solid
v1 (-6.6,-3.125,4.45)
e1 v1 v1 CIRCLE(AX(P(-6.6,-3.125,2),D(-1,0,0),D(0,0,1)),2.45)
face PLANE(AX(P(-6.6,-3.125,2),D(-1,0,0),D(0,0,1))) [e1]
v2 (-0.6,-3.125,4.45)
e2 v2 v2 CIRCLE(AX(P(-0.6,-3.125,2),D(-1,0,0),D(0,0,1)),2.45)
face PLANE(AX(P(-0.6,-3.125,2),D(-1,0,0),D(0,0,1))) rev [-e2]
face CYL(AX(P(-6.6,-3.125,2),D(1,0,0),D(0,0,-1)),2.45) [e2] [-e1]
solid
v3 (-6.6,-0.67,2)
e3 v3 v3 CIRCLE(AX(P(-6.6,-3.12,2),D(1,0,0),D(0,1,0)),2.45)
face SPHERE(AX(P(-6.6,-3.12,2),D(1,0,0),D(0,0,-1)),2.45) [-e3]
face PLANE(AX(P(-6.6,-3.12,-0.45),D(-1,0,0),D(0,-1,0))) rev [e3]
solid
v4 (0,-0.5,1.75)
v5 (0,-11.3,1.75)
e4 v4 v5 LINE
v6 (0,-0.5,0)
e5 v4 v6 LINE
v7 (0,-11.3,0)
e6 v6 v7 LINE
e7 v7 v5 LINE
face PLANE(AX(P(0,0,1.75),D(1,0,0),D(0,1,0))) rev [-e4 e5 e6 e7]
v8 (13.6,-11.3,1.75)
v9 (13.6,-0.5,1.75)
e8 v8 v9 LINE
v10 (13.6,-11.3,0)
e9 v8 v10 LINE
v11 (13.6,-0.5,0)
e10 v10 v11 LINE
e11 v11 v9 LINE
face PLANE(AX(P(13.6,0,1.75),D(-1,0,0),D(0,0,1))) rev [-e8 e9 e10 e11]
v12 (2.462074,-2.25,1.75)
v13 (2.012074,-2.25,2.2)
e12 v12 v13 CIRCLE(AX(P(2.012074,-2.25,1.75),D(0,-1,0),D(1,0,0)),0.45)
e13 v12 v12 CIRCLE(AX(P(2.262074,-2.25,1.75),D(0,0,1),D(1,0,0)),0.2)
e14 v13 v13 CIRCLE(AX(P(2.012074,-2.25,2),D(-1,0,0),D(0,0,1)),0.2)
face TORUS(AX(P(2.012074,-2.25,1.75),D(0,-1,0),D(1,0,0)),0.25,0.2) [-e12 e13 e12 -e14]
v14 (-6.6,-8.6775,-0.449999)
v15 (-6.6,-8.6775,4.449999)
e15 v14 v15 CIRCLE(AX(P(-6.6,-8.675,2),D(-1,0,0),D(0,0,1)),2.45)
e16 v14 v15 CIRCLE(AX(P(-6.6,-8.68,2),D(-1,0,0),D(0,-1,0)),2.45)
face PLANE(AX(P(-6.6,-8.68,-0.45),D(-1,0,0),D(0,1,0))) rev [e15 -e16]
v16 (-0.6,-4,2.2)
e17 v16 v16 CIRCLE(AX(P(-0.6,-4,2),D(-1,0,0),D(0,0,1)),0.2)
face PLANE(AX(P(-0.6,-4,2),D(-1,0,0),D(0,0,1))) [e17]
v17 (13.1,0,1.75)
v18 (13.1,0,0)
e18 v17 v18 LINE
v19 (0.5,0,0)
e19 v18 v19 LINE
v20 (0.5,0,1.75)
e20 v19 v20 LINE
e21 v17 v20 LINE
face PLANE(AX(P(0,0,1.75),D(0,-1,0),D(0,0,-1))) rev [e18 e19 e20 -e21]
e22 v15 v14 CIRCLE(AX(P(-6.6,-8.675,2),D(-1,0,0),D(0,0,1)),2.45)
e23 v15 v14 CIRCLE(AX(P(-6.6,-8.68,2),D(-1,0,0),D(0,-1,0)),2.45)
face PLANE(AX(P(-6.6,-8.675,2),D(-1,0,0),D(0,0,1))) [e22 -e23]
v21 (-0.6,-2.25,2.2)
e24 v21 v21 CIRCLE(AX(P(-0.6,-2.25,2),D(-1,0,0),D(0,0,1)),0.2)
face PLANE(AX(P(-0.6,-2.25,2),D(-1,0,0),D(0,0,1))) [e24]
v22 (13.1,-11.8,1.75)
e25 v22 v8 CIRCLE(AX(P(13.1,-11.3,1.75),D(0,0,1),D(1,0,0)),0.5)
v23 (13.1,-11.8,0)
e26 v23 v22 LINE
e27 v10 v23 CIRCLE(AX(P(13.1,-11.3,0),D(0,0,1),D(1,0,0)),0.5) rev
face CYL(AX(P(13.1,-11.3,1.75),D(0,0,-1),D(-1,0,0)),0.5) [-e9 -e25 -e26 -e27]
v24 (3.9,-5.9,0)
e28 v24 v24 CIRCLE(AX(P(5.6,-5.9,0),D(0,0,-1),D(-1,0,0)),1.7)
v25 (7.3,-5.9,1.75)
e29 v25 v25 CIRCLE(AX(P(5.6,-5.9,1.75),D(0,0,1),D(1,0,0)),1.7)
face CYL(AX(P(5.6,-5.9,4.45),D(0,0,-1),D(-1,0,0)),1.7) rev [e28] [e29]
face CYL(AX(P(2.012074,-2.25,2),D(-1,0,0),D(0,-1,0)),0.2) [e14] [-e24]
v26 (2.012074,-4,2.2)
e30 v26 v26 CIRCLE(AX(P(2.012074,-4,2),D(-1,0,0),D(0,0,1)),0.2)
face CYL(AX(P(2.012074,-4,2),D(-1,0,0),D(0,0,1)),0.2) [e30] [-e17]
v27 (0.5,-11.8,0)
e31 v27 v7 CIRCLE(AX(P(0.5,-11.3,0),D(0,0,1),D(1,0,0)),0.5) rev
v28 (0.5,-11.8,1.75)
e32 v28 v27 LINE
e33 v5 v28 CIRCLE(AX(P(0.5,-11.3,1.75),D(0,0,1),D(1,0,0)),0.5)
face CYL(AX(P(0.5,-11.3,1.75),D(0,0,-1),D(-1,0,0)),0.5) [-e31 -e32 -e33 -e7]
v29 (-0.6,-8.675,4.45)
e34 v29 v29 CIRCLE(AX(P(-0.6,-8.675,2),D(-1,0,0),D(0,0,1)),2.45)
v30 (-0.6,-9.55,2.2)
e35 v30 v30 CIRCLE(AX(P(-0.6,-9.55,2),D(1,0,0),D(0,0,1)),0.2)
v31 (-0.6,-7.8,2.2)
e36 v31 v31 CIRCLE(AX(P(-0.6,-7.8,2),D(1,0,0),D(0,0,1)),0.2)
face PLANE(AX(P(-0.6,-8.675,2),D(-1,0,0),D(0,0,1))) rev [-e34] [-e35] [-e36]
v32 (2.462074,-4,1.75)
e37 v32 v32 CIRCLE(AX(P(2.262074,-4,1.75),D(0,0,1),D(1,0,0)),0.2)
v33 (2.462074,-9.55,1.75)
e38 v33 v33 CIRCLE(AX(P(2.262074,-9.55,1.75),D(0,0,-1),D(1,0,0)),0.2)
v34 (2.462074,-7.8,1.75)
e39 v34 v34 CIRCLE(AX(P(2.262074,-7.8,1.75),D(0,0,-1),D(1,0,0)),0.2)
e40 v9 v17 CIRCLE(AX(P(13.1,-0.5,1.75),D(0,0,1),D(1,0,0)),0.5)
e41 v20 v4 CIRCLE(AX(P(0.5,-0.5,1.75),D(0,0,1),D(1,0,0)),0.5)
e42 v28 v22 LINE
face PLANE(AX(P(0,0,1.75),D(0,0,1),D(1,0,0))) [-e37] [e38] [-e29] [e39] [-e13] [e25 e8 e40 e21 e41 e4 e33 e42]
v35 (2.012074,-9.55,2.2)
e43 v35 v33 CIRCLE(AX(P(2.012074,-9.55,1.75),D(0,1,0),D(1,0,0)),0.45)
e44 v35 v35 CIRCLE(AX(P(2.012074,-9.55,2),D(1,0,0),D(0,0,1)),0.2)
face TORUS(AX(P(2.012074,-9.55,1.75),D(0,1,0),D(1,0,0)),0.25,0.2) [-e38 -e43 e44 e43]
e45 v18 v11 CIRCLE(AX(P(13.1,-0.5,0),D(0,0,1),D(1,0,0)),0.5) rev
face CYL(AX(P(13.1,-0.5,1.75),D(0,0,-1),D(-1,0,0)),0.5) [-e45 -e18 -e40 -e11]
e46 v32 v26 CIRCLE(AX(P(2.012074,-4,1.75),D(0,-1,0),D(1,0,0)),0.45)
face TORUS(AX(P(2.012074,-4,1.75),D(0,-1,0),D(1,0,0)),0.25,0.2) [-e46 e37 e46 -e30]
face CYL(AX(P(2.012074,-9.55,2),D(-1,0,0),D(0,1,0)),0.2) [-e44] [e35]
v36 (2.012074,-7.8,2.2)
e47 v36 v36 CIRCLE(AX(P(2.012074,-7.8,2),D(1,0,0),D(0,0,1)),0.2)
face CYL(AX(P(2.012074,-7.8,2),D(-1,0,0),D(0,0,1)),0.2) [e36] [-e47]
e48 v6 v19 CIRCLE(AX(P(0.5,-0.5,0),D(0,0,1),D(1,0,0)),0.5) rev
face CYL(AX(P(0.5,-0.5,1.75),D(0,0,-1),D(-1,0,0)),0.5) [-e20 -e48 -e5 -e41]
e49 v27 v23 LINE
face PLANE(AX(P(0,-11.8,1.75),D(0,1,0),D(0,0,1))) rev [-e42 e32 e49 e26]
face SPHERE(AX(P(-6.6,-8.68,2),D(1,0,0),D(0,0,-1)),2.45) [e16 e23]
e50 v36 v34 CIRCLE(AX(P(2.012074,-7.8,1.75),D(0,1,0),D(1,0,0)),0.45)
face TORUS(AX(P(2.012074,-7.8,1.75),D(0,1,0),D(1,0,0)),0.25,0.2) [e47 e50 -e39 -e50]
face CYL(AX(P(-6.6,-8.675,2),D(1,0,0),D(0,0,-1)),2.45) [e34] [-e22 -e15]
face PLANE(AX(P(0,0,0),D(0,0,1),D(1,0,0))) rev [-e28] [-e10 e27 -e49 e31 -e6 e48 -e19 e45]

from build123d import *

# Parameters (mm, degrees)
SKETCH_1_W          = 13.6
SKETCH_1_H          = 11.8
EXTRUDE_1_DEPTH     = 1.75
SKETCH_3_R          = 2.45
EXTRUDE_11_DEPTH    = 6
EXTRUDE_11_2_DEPTH  = 6
CUT_EXTRUDE_1_DEPTH = 19.547304386
SWEEP_3_PROFILE_R   = 0.2
SWEEP_4_PROFILE_R   = 0.2
FILLET_1_R          = 0.5


with BuildPart() as part:
    # 草图1 → 凸台-拉伸1 (new body)
    with BuildSketch(Plane.XY):
        with Locations((6.8, -5.9)):
            Rectangle(SKETCH_1_W, SKETCH_1_H)
    extrude(amount=EXTRUDE_1_DEPTH)

    # 草图6 → 切除-拉伸1 (cut, through all)
    with BuildSketch(Plane(origin=(0, 0, 0), x_dir=(-1, 0, 0), z_dir=(0, 0, -1))):
        with BuildLine():
            ThreePointArc((-3.9, -5.9), (-4.397918472, -4.697918472), (-5.6, -4.2))
            Line((-5.6, -4.2), (-5.6, -7.6))
            ThreePointArc((-5.6, -7.6), (-4.397918472, -7.102081528), (-3.9, -5.9))
        make_face()
        with BuildLine():
            Line((-5.6, -7.6), (-5.6, -4.2))
            ThreePointArc((-5.6, -4.2), (-7.3, -5.9), (-5.6, -7.6))
        make_face()
    extrude(amount=-CUT_EXTRUDE_1_DEPTH, mode=Mode.SUBTRACT)

    # 扫描3: sweep along a path in 草图9
    with BuildLine(Plane(origin=(0, -4, 1.75), x_dir=(-1, 0, 0), z_dir=(0, -1, 0))) as sweep_3_path:
        Line((0.6, -0.25), (-2.012074207, -0.25))
        ThreePointArc((-2.012074207, -0.25), (-2.188850902, -0.176776695), (-2.262074207, 0))
    # 扫描3 profile (on start of the path) → 扫描3 (sweep)
    with BuildSketch(Plane(origin=(-0.6, -4, 2), x_dir=(0, 0, 1), z_dir=(1, 0, 0))):
        Circle(SWEEP_3_PROFILE_R)
    sweep_3 = sweep(path=sweep_3_path.line)

    # 扫描4: sweep along a path in 草图40
    with BuildLine(Plane(origin=(0, -2.25, 1.75), x_dir=(-1, 0, 0), z_dir=(0, -1, 0))) as sweep_4_path:
        Line((0.6, -0.25), (-2.012074207, -0.25))
        ThreePointArc((-2.012074207, -0.25), (-2.188850902, -0.176776695), (-2.262074207, 0))
    # 扫描4 profile (on start of the path) → 扫描4 (sweep)
    with BuildSketch(Plane(origin=(-0.6, -2.25, 2), x_dir=(0, 0, 1), z_dir=(1, 0, 0))):
        Circle(SWEEP_4_PROFILE_R)
    sweep_4 = sweep(path=sweep_4_path.line)


with BuildPart() as body_2:
    # 草图3 → 凸台-拉伸11 (new body)
    with BuildSketch(Plane.ZY.offset(0.6)):
        with Locations((2, -3.125)):
            Circle(SKETCH_3_R)
    extrude(amount=EXTRUDE_11_DEPTH)


with BuildPart() as body_3:
    # 草图3 → Extrude 11 2 (new body)
    with BuildSketch(Plane.ZY.offset(0.6)):
        with Locations((2, -8.675)):
            Circle(SKETCH_3_R)
    extrude(amount=EXTRUDE_11_2_DEPTH)


with BuildPart() as body_4:
    # 草图5 → 旋转1 (revolve)
    with BuildSketch(Plane(origin=(0, -3.12, 1.75), x_dir=(-1, 0, 0), z_dir=(0, -1, 0))):
        with BuildLine():
            Line((6.6, -0.25), (9.05, -0.25))
            ThreePointArc((9.05, -0.25), (8.332411614, 1.482411614), (6.6, 2.2))
            Line((6.6, 2.2), (6.6, -0.25))
        make_face()
    revolve_1 = revolve(axis=Axis((-6.6, -3.12, 2), (-1, 0, 0)))


with BuildPart() as part_1:
    add(part.part)

    add(body_3.part)  # 镜向1 merges body 3
    # 镜向1: 旋转1, 扫描3, 扫描4 across plane
    add(revolve_1.mirror(Plane(origin=(0, -5.9, 1.75), x_dir=(0, 0, 1), z_dir=(0, -1, 0))))
    add(sweep_3.mirror(Plane(origin=(0, -5.9, 1.75), x_dir=(0, 0, 1), z_dir=(0, -1, 0))))
    add(sweep_4.mirror(Plane(origin=(0, -5.9, 1.75), x_dir=(0, 0, 1), z_dir=(0, -1, 0))))

    # 圆角1
    fillet_1_edges = [part_1.edges().sort_by_distance(p)[0] for p in [
        (0, 0, 0.875),
        (0, -11.8, 0.875),
        (13.6, -11.8, 0.875),
        (13.6, 0, 0.875),
    ]]
    fillet(fillet_1_edges, radius=FILLET_1_R)


solid = Compound([body_2.part, body_4.part, part_1.part])
